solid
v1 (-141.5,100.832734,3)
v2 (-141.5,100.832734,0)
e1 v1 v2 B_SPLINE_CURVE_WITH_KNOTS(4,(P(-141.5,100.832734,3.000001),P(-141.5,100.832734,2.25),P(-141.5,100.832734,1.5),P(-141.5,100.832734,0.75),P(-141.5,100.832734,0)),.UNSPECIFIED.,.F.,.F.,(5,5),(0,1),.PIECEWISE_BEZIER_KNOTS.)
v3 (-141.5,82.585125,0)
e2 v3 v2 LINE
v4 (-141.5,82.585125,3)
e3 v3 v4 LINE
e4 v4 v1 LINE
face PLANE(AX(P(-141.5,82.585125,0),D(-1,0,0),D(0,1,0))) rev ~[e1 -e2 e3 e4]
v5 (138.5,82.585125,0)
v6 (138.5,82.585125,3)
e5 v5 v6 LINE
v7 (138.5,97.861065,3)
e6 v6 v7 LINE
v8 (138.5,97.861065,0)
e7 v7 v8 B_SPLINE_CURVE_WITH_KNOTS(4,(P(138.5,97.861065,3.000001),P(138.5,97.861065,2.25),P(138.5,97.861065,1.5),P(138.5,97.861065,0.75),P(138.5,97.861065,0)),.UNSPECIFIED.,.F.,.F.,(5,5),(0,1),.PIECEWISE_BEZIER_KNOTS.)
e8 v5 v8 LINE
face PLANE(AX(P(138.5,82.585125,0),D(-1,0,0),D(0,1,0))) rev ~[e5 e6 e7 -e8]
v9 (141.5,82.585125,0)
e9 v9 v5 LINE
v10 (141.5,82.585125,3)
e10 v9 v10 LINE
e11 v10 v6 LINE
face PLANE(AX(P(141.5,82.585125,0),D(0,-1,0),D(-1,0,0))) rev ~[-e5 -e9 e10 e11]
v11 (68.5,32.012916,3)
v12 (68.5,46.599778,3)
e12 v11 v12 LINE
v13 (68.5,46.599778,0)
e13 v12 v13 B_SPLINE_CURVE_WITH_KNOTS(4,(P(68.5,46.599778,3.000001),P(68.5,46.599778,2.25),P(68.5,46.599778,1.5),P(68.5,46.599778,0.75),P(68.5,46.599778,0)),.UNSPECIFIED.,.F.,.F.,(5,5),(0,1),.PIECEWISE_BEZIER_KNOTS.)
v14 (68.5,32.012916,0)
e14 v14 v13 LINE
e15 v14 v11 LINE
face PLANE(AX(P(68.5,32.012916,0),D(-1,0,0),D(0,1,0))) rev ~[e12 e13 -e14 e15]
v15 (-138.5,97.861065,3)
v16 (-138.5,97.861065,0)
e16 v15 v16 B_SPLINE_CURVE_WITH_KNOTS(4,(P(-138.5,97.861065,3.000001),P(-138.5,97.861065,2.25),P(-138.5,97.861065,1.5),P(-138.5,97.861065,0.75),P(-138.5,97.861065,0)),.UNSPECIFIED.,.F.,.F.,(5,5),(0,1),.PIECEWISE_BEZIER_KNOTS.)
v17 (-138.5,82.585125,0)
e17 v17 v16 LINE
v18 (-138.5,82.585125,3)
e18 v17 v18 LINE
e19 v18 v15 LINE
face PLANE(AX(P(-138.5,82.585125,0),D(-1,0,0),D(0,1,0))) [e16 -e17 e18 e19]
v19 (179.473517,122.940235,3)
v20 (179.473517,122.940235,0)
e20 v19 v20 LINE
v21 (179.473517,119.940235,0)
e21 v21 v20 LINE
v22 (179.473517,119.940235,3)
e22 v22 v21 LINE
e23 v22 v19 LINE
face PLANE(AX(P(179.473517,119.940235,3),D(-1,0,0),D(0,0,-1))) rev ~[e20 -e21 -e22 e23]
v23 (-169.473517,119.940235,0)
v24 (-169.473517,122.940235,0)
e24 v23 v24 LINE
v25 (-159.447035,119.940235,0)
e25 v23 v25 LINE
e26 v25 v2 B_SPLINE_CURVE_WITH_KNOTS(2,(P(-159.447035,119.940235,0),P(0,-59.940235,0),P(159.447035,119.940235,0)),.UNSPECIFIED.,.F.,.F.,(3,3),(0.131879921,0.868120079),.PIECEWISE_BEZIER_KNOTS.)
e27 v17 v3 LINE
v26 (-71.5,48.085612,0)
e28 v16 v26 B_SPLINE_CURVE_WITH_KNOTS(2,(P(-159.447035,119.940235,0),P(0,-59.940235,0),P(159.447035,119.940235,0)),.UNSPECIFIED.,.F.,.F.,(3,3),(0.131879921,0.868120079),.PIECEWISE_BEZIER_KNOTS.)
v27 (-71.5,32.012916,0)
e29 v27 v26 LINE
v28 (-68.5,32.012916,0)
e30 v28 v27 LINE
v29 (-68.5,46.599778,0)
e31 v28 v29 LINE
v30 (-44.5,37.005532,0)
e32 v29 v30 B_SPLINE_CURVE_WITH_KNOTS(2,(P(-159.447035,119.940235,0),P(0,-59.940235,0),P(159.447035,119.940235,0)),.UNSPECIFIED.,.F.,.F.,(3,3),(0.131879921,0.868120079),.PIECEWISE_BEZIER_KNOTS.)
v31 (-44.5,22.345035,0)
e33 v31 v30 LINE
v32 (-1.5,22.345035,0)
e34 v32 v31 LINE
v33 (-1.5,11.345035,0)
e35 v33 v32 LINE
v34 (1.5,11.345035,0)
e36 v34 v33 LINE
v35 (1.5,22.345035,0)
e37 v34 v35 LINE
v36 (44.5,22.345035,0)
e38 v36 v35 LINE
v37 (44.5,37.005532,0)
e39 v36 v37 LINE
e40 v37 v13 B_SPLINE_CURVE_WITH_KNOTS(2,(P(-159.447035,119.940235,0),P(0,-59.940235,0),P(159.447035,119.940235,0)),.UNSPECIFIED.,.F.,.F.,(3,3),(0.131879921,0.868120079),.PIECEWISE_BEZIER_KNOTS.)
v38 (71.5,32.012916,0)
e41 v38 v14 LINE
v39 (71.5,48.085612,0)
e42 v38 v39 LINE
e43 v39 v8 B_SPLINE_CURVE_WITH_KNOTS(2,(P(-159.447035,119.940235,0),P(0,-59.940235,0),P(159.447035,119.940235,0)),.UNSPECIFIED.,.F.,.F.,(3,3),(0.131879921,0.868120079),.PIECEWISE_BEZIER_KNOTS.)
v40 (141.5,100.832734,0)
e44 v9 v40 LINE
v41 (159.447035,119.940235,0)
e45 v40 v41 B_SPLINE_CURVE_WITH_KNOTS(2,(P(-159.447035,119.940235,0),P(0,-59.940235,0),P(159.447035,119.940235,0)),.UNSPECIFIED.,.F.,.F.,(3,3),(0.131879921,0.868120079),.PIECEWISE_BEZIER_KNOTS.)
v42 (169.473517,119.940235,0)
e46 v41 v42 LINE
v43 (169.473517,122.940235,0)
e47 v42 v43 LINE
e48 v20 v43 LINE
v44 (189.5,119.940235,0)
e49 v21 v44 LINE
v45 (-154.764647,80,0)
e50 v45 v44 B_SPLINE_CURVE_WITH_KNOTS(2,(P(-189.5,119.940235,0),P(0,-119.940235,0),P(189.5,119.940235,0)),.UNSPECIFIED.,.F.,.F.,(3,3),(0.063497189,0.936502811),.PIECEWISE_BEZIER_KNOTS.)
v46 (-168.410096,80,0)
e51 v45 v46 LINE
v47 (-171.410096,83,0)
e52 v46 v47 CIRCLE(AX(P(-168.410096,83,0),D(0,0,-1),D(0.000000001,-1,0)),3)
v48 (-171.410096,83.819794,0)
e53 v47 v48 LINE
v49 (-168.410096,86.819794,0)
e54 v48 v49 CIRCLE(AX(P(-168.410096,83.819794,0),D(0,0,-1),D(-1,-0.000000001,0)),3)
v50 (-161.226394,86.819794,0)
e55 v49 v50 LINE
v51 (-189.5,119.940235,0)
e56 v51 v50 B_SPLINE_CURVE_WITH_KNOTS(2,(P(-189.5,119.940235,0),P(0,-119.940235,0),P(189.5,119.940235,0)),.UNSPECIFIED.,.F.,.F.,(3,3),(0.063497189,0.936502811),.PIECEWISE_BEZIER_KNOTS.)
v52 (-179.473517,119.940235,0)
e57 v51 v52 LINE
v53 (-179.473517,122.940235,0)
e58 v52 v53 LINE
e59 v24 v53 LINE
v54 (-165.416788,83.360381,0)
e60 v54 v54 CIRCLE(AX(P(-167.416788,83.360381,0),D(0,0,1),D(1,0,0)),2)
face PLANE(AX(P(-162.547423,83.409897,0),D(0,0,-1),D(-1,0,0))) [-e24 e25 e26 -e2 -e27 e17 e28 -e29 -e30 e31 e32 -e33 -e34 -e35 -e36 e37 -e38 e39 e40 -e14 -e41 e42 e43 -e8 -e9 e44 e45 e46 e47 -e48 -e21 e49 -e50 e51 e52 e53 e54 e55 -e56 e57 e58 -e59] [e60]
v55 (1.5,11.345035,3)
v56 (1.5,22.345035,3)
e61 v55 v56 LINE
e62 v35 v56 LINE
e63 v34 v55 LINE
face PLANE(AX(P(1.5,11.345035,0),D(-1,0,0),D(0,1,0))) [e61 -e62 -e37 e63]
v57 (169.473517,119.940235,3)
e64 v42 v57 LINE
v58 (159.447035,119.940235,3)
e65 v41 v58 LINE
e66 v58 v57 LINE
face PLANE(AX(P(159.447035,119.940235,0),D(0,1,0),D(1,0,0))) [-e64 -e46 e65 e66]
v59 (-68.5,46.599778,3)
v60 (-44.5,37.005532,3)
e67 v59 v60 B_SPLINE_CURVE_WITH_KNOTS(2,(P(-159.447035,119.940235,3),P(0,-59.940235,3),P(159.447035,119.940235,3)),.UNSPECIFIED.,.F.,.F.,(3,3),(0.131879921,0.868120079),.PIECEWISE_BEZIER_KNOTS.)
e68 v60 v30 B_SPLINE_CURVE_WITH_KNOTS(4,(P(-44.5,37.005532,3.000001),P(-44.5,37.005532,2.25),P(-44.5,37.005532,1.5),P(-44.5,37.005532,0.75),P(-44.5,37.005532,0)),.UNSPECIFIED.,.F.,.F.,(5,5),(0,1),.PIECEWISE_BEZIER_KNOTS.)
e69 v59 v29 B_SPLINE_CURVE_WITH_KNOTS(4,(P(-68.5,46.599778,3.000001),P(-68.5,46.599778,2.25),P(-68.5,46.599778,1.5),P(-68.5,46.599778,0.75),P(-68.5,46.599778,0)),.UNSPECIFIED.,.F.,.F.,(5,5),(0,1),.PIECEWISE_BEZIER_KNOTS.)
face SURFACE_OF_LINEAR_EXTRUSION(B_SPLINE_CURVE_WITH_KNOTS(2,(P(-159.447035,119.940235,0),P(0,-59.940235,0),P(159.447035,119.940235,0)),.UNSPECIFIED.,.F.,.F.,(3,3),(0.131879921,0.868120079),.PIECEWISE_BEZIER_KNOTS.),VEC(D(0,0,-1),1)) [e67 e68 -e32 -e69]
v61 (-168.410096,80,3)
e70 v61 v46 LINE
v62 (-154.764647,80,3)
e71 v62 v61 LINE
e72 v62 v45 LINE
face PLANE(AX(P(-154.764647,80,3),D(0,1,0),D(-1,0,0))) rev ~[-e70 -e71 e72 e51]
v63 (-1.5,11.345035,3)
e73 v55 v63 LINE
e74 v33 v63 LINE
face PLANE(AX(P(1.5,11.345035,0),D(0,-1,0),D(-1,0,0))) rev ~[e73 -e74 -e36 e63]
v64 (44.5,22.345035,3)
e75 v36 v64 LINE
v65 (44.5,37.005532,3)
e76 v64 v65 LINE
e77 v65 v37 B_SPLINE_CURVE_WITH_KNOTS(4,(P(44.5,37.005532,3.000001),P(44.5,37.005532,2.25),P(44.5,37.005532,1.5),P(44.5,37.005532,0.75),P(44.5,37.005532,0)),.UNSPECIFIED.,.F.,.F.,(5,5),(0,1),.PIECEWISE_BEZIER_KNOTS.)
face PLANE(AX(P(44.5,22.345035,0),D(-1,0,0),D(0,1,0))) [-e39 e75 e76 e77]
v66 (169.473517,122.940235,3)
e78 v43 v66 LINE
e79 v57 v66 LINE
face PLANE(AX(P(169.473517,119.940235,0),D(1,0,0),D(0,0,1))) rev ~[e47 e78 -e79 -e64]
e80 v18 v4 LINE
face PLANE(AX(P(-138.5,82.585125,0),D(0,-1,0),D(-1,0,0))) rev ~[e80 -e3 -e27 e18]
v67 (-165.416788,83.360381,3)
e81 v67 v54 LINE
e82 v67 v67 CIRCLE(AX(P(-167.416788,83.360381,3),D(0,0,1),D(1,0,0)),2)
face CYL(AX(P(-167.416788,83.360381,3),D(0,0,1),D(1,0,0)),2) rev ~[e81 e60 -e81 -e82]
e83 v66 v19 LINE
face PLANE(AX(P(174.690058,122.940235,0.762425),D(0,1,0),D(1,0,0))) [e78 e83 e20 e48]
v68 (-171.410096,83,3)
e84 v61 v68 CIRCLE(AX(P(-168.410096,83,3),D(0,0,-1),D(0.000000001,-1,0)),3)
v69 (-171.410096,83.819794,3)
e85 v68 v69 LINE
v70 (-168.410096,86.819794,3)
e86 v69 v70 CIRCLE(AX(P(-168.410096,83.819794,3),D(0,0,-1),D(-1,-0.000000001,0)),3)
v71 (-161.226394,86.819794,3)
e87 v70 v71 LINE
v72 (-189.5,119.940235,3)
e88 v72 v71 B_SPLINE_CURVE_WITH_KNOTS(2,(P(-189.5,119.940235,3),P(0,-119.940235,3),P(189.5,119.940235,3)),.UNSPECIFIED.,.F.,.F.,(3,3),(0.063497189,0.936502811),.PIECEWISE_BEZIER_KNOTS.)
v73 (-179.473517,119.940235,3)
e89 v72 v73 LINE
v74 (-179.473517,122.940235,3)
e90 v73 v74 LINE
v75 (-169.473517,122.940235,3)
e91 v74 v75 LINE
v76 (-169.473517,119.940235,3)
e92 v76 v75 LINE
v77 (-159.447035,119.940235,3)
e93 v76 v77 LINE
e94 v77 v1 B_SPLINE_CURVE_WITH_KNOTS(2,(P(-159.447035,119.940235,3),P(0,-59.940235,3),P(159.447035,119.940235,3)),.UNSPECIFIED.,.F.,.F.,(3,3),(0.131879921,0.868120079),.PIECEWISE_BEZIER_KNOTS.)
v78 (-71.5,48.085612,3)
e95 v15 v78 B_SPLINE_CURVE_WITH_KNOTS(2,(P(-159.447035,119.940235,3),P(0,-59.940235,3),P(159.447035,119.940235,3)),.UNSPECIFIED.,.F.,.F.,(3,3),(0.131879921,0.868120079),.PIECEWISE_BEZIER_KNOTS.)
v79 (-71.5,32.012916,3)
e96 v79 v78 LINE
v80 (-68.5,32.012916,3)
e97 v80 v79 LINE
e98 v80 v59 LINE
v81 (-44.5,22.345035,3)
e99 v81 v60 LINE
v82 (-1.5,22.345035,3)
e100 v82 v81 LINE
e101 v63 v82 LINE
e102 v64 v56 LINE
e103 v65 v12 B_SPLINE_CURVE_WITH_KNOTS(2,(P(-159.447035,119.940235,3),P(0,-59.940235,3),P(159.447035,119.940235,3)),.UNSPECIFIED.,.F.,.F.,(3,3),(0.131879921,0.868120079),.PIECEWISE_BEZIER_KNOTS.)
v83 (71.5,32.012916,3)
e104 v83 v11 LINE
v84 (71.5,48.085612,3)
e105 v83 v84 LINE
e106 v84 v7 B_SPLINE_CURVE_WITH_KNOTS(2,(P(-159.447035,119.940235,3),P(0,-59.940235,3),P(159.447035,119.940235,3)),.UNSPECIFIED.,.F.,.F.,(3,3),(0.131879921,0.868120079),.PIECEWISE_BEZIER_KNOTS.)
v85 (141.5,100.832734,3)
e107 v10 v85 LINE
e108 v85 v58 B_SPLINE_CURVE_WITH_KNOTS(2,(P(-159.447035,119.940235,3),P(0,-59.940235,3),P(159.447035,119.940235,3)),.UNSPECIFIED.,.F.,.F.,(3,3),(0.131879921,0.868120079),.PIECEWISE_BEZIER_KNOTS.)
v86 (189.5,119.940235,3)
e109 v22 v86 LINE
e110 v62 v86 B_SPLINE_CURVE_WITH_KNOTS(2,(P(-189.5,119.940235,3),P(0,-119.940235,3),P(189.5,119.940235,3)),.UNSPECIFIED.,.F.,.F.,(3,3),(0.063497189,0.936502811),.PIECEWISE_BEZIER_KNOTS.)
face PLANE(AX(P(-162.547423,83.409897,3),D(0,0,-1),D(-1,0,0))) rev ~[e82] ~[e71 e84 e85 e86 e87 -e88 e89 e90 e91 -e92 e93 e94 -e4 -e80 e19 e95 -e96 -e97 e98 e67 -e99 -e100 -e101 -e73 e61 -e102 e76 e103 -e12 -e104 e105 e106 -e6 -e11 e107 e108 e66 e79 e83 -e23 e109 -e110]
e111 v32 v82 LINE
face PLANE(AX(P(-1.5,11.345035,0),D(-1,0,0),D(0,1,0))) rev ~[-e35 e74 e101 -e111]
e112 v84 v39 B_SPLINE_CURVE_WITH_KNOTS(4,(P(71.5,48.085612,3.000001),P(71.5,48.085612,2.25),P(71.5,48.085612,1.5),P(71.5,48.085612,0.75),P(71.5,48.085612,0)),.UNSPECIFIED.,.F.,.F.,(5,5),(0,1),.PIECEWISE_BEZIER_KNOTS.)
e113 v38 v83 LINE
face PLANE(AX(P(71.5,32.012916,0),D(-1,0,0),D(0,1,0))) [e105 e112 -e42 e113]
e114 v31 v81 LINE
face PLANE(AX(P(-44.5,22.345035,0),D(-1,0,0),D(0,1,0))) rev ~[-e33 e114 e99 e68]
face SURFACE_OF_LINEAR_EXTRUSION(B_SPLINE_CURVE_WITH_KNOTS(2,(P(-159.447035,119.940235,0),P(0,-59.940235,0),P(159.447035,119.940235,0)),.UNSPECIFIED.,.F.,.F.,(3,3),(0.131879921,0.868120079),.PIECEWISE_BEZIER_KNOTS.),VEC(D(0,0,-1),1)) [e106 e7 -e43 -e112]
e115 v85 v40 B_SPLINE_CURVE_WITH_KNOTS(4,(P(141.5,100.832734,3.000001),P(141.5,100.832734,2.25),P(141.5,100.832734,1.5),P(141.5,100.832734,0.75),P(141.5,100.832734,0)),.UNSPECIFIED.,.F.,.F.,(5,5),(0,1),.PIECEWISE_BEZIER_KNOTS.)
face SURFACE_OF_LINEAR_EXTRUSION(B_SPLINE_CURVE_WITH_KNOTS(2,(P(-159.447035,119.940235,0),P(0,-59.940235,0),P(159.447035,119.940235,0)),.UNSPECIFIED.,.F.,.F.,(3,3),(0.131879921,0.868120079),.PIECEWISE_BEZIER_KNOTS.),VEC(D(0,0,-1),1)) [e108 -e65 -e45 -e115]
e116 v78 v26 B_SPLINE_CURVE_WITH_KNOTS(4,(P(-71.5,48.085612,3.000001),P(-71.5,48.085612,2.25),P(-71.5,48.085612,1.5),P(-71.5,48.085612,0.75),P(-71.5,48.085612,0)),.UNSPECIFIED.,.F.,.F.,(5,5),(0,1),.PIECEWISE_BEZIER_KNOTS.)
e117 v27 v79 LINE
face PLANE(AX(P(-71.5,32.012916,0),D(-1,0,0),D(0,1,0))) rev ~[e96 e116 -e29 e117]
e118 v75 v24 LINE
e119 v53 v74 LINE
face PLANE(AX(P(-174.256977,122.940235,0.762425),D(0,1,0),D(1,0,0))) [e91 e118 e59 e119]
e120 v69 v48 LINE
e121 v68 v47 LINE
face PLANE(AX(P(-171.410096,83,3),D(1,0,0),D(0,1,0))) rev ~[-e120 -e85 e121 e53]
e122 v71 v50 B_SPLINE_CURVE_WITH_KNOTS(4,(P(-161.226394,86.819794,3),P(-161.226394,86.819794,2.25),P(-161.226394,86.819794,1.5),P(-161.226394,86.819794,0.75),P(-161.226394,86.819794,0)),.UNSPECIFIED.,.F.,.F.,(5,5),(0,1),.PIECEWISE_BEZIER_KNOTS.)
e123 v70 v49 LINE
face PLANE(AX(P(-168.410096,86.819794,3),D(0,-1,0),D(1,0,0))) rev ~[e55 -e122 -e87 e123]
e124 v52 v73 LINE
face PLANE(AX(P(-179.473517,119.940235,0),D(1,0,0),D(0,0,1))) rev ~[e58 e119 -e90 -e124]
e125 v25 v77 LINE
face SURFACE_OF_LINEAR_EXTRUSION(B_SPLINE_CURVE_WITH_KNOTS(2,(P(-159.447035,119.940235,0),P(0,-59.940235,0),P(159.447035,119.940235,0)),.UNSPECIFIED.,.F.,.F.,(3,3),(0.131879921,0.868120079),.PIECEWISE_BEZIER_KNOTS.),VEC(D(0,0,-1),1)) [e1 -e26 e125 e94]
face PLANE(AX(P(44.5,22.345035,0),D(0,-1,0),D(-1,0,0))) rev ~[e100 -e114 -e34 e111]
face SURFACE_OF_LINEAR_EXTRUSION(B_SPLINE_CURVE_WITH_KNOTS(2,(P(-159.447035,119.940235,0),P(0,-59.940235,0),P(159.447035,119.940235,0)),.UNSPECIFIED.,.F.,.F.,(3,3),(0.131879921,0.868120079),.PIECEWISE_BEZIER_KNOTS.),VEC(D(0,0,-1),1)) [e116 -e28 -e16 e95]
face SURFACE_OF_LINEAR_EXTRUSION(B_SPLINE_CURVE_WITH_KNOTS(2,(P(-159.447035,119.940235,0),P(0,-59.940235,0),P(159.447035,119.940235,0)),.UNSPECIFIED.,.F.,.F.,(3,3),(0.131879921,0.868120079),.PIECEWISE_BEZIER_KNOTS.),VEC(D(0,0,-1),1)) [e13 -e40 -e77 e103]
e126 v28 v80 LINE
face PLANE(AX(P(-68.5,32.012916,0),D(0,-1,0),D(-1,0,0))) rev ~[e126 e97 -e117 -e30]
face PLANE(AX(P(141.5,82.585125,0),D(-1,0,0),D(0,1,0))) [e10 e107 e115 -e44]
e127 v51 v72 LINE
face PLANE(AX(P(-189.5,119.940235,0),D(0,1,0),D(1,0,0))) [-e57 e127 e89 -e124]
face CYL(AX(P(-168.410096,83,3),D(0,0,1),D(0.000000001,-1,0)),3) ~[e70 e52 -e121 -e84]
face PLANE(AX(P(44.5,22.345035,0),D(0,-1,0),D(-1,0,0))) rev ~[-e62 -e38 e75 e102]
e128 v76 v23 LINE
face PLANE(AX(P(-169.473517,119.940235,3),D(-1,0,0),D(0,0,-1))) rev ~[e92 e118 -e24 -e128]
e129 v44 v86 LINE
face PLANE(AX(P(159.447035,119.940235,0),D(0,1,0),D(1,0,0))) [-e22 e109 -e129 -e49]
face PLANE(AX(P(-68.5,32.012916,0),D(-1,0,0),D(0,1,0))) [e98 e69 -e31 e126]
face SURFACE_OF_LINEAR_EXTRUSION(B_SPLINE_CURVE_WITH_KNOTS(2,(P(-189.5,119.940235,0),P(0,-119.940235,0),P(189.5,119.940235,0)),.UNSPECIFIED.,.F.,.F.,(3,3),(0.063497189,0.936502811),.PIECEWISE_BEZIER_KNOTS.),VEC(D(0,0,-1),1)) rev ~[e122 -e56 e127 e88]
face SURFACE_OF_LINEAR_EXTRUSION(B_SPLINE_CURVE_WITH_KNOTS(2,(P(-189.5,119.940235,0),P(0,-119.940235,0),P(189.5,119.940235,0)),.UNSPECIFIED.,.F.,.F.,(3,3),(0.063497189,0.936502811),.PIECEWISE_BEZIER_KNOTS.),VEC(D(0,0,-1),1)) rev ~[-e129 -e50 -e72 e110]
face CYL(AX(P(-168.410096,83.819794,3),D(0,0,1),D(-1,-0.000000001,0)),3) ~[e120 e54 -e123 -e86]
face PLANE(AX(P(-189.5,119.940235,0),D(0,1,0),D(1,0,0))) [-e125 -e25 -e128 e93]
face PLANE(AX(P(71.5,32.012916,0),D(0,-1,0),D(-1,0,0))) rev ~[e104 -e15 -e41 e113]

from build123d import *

# Parameters (mm, degrees)
EXTRUDE_1_DEPTH     = 3
SKETCH_2_W          = 10
SKETCH_2_H          = 3
EXTRUDE_2_DEPTH     = 3
SKETCH_3_R          = 2
EXTRUDE_3_DEPTH     = 3
SKETCH_4_W          = 89
SKETCH_4_H          = 40
CUT_EXTRUDE_1_DEPTH = 226.906067747
SKETCH_6_W          = 3
SKETCH_6_H          = 11
CUT_EXTRUDE_2_DEPTH = 226.906067747
SKETCH_7_W          = 3
SKETCH_7_H          = 16.718966486
SKETCH_7_H_2        = 18.904188623
CUT_EXTRUDE_3_DEPTH = 226.906067747


with BuildPart() as part:
    # 草图1 → 凸台-拉伸1 (new body)
    with BuildSketch(Plane.XY):
        with BuildLine():
            Line((-189.5, 119.940235), (-159.447034666, 119.940235))
            add(Edge.make_bspline(
                [(-159.447034666, 119.940235), (0, -59.940235), (159.447034666, 119.940235)],
                knots=[0.131879921, 0.131879921, 0.131879921, 0.868120079, 0.868120079, 0.868120079], degree=2))
            Line((159.447034666, 119.940235), (189.5, 119.940235))
            add(Edge.make_bspline(
                [(-189.5, 119.940235), (0, -119.940235), (189.5, 119.940235)],
                knots=[0.063497189, 0.063497189, 0.063497189, 0.936502811, 0.936502811, 0.936502811], degree=2))
        make_face()
    extrude(amount=EXTRUDE_1_DEPTH)

    # 草图2 → 凸台-拉伸2 (add)
    with BuildSketch(Plane(origin=(0, 119.940235, 0), x_dir=(1, 0, 0), z_dir=(0, 1, 0))):
        with Locations((-174.473517333, -1.5)):
            Rectangle(SKETCH_2_W, SKETCH_2_H)
        with Locations((174.473517333, -1.5)):
            Rectangle(SKETCH_2_W, SKETCH_2_H)
    extrude(amount=EXTRUDE_2_DEPTH)

    # 草图3 → 凸台-拉伸3 (add)
    with BuildSketch(Plane.XY.offset(3)):
        with BuildLine():
            Line((-154.764646507, 80), (-168.410095925, 80))
            ThreePointArc((-168.410095925, 80), (-170.531416269, 80.878679656), (-171.410095925, 83))
            Line((-171.410095925, 83), (-171.410095925, 83.819793517))
            ThreePointArc((-171.410095925, 83.819793517), (-170.531416269, 85.941113861), (-168.410095925, 86.819793517))
            Line((-168.410095925, 86.819793517), (-154.764646507, 86.819793517))
            Line((-154.764646507, 86.819793517), (-154.764646507, 80))
        make_face()
        with Locations((-167.416787516, 83.360380552)):
            Circle(SKETCH_3_R, mode=Mode.SUBTRACT)
    extrude(amount=-EXTRUDE_3_DEPTH)

    # 草图4 → 切除-拉伸1 (cut, through all)
    with BuildSketch(Plane(origin=(0, 0, 0), x_dir=(-1, 0, 0), z_dir=(0, 0, -1))):
        with Locations((0, 42.345035)):
            Rectangle(SKETCH_4_W, SKETCH_4_H)
    extrude(amount=-CUT_EXTRUDE_1_DEPTH, mode=Mode.SUBTRACT)

    # 草图6 → 切除-拉伸2 (cut, through all)
    with BuildSketch(Plane(origin=(0, 0, 0), x_dir=(-1, 0, 0), z_dir=(0, 0, -1))):
        with Locations((0, 16.845035)):
            Rectangle(SKETCH_6_W, SKETCH_6_H)
    extrude(amount=-CUT_EXTRUDE_2_DEPTH, mode=Mode.SUBTRACT)

    # 草图7 → 切除-拉伸3 (cut, through all)
    with BuildSketch(Plane(origin=(0, 0, 0), x_dir=(-1, 0, 0), z_dir=(0, 0, -1))):
        with Locations((70, 40.372399452)):
            Rectangle(SKETCH_7_W, SKETCH_7_H)
        with Locations((140, 92.037219299)):
            Rectangle(SKETCH_7_W, SKETCH_7_H_2)
        with Locations((-140, 92.037219299)):
            Rectangle(SKETCH_7_W, SKETCH_7_H_2)
        with Locations((-70, 40.372399452)):
            Rectangle(SKETCH_7_W, SKETCH_7_H)
    extrude(amount=-CUT_EXTRUDE_3_DEPTH, mode=Mode.SUBTRACT)


solid = part.part
